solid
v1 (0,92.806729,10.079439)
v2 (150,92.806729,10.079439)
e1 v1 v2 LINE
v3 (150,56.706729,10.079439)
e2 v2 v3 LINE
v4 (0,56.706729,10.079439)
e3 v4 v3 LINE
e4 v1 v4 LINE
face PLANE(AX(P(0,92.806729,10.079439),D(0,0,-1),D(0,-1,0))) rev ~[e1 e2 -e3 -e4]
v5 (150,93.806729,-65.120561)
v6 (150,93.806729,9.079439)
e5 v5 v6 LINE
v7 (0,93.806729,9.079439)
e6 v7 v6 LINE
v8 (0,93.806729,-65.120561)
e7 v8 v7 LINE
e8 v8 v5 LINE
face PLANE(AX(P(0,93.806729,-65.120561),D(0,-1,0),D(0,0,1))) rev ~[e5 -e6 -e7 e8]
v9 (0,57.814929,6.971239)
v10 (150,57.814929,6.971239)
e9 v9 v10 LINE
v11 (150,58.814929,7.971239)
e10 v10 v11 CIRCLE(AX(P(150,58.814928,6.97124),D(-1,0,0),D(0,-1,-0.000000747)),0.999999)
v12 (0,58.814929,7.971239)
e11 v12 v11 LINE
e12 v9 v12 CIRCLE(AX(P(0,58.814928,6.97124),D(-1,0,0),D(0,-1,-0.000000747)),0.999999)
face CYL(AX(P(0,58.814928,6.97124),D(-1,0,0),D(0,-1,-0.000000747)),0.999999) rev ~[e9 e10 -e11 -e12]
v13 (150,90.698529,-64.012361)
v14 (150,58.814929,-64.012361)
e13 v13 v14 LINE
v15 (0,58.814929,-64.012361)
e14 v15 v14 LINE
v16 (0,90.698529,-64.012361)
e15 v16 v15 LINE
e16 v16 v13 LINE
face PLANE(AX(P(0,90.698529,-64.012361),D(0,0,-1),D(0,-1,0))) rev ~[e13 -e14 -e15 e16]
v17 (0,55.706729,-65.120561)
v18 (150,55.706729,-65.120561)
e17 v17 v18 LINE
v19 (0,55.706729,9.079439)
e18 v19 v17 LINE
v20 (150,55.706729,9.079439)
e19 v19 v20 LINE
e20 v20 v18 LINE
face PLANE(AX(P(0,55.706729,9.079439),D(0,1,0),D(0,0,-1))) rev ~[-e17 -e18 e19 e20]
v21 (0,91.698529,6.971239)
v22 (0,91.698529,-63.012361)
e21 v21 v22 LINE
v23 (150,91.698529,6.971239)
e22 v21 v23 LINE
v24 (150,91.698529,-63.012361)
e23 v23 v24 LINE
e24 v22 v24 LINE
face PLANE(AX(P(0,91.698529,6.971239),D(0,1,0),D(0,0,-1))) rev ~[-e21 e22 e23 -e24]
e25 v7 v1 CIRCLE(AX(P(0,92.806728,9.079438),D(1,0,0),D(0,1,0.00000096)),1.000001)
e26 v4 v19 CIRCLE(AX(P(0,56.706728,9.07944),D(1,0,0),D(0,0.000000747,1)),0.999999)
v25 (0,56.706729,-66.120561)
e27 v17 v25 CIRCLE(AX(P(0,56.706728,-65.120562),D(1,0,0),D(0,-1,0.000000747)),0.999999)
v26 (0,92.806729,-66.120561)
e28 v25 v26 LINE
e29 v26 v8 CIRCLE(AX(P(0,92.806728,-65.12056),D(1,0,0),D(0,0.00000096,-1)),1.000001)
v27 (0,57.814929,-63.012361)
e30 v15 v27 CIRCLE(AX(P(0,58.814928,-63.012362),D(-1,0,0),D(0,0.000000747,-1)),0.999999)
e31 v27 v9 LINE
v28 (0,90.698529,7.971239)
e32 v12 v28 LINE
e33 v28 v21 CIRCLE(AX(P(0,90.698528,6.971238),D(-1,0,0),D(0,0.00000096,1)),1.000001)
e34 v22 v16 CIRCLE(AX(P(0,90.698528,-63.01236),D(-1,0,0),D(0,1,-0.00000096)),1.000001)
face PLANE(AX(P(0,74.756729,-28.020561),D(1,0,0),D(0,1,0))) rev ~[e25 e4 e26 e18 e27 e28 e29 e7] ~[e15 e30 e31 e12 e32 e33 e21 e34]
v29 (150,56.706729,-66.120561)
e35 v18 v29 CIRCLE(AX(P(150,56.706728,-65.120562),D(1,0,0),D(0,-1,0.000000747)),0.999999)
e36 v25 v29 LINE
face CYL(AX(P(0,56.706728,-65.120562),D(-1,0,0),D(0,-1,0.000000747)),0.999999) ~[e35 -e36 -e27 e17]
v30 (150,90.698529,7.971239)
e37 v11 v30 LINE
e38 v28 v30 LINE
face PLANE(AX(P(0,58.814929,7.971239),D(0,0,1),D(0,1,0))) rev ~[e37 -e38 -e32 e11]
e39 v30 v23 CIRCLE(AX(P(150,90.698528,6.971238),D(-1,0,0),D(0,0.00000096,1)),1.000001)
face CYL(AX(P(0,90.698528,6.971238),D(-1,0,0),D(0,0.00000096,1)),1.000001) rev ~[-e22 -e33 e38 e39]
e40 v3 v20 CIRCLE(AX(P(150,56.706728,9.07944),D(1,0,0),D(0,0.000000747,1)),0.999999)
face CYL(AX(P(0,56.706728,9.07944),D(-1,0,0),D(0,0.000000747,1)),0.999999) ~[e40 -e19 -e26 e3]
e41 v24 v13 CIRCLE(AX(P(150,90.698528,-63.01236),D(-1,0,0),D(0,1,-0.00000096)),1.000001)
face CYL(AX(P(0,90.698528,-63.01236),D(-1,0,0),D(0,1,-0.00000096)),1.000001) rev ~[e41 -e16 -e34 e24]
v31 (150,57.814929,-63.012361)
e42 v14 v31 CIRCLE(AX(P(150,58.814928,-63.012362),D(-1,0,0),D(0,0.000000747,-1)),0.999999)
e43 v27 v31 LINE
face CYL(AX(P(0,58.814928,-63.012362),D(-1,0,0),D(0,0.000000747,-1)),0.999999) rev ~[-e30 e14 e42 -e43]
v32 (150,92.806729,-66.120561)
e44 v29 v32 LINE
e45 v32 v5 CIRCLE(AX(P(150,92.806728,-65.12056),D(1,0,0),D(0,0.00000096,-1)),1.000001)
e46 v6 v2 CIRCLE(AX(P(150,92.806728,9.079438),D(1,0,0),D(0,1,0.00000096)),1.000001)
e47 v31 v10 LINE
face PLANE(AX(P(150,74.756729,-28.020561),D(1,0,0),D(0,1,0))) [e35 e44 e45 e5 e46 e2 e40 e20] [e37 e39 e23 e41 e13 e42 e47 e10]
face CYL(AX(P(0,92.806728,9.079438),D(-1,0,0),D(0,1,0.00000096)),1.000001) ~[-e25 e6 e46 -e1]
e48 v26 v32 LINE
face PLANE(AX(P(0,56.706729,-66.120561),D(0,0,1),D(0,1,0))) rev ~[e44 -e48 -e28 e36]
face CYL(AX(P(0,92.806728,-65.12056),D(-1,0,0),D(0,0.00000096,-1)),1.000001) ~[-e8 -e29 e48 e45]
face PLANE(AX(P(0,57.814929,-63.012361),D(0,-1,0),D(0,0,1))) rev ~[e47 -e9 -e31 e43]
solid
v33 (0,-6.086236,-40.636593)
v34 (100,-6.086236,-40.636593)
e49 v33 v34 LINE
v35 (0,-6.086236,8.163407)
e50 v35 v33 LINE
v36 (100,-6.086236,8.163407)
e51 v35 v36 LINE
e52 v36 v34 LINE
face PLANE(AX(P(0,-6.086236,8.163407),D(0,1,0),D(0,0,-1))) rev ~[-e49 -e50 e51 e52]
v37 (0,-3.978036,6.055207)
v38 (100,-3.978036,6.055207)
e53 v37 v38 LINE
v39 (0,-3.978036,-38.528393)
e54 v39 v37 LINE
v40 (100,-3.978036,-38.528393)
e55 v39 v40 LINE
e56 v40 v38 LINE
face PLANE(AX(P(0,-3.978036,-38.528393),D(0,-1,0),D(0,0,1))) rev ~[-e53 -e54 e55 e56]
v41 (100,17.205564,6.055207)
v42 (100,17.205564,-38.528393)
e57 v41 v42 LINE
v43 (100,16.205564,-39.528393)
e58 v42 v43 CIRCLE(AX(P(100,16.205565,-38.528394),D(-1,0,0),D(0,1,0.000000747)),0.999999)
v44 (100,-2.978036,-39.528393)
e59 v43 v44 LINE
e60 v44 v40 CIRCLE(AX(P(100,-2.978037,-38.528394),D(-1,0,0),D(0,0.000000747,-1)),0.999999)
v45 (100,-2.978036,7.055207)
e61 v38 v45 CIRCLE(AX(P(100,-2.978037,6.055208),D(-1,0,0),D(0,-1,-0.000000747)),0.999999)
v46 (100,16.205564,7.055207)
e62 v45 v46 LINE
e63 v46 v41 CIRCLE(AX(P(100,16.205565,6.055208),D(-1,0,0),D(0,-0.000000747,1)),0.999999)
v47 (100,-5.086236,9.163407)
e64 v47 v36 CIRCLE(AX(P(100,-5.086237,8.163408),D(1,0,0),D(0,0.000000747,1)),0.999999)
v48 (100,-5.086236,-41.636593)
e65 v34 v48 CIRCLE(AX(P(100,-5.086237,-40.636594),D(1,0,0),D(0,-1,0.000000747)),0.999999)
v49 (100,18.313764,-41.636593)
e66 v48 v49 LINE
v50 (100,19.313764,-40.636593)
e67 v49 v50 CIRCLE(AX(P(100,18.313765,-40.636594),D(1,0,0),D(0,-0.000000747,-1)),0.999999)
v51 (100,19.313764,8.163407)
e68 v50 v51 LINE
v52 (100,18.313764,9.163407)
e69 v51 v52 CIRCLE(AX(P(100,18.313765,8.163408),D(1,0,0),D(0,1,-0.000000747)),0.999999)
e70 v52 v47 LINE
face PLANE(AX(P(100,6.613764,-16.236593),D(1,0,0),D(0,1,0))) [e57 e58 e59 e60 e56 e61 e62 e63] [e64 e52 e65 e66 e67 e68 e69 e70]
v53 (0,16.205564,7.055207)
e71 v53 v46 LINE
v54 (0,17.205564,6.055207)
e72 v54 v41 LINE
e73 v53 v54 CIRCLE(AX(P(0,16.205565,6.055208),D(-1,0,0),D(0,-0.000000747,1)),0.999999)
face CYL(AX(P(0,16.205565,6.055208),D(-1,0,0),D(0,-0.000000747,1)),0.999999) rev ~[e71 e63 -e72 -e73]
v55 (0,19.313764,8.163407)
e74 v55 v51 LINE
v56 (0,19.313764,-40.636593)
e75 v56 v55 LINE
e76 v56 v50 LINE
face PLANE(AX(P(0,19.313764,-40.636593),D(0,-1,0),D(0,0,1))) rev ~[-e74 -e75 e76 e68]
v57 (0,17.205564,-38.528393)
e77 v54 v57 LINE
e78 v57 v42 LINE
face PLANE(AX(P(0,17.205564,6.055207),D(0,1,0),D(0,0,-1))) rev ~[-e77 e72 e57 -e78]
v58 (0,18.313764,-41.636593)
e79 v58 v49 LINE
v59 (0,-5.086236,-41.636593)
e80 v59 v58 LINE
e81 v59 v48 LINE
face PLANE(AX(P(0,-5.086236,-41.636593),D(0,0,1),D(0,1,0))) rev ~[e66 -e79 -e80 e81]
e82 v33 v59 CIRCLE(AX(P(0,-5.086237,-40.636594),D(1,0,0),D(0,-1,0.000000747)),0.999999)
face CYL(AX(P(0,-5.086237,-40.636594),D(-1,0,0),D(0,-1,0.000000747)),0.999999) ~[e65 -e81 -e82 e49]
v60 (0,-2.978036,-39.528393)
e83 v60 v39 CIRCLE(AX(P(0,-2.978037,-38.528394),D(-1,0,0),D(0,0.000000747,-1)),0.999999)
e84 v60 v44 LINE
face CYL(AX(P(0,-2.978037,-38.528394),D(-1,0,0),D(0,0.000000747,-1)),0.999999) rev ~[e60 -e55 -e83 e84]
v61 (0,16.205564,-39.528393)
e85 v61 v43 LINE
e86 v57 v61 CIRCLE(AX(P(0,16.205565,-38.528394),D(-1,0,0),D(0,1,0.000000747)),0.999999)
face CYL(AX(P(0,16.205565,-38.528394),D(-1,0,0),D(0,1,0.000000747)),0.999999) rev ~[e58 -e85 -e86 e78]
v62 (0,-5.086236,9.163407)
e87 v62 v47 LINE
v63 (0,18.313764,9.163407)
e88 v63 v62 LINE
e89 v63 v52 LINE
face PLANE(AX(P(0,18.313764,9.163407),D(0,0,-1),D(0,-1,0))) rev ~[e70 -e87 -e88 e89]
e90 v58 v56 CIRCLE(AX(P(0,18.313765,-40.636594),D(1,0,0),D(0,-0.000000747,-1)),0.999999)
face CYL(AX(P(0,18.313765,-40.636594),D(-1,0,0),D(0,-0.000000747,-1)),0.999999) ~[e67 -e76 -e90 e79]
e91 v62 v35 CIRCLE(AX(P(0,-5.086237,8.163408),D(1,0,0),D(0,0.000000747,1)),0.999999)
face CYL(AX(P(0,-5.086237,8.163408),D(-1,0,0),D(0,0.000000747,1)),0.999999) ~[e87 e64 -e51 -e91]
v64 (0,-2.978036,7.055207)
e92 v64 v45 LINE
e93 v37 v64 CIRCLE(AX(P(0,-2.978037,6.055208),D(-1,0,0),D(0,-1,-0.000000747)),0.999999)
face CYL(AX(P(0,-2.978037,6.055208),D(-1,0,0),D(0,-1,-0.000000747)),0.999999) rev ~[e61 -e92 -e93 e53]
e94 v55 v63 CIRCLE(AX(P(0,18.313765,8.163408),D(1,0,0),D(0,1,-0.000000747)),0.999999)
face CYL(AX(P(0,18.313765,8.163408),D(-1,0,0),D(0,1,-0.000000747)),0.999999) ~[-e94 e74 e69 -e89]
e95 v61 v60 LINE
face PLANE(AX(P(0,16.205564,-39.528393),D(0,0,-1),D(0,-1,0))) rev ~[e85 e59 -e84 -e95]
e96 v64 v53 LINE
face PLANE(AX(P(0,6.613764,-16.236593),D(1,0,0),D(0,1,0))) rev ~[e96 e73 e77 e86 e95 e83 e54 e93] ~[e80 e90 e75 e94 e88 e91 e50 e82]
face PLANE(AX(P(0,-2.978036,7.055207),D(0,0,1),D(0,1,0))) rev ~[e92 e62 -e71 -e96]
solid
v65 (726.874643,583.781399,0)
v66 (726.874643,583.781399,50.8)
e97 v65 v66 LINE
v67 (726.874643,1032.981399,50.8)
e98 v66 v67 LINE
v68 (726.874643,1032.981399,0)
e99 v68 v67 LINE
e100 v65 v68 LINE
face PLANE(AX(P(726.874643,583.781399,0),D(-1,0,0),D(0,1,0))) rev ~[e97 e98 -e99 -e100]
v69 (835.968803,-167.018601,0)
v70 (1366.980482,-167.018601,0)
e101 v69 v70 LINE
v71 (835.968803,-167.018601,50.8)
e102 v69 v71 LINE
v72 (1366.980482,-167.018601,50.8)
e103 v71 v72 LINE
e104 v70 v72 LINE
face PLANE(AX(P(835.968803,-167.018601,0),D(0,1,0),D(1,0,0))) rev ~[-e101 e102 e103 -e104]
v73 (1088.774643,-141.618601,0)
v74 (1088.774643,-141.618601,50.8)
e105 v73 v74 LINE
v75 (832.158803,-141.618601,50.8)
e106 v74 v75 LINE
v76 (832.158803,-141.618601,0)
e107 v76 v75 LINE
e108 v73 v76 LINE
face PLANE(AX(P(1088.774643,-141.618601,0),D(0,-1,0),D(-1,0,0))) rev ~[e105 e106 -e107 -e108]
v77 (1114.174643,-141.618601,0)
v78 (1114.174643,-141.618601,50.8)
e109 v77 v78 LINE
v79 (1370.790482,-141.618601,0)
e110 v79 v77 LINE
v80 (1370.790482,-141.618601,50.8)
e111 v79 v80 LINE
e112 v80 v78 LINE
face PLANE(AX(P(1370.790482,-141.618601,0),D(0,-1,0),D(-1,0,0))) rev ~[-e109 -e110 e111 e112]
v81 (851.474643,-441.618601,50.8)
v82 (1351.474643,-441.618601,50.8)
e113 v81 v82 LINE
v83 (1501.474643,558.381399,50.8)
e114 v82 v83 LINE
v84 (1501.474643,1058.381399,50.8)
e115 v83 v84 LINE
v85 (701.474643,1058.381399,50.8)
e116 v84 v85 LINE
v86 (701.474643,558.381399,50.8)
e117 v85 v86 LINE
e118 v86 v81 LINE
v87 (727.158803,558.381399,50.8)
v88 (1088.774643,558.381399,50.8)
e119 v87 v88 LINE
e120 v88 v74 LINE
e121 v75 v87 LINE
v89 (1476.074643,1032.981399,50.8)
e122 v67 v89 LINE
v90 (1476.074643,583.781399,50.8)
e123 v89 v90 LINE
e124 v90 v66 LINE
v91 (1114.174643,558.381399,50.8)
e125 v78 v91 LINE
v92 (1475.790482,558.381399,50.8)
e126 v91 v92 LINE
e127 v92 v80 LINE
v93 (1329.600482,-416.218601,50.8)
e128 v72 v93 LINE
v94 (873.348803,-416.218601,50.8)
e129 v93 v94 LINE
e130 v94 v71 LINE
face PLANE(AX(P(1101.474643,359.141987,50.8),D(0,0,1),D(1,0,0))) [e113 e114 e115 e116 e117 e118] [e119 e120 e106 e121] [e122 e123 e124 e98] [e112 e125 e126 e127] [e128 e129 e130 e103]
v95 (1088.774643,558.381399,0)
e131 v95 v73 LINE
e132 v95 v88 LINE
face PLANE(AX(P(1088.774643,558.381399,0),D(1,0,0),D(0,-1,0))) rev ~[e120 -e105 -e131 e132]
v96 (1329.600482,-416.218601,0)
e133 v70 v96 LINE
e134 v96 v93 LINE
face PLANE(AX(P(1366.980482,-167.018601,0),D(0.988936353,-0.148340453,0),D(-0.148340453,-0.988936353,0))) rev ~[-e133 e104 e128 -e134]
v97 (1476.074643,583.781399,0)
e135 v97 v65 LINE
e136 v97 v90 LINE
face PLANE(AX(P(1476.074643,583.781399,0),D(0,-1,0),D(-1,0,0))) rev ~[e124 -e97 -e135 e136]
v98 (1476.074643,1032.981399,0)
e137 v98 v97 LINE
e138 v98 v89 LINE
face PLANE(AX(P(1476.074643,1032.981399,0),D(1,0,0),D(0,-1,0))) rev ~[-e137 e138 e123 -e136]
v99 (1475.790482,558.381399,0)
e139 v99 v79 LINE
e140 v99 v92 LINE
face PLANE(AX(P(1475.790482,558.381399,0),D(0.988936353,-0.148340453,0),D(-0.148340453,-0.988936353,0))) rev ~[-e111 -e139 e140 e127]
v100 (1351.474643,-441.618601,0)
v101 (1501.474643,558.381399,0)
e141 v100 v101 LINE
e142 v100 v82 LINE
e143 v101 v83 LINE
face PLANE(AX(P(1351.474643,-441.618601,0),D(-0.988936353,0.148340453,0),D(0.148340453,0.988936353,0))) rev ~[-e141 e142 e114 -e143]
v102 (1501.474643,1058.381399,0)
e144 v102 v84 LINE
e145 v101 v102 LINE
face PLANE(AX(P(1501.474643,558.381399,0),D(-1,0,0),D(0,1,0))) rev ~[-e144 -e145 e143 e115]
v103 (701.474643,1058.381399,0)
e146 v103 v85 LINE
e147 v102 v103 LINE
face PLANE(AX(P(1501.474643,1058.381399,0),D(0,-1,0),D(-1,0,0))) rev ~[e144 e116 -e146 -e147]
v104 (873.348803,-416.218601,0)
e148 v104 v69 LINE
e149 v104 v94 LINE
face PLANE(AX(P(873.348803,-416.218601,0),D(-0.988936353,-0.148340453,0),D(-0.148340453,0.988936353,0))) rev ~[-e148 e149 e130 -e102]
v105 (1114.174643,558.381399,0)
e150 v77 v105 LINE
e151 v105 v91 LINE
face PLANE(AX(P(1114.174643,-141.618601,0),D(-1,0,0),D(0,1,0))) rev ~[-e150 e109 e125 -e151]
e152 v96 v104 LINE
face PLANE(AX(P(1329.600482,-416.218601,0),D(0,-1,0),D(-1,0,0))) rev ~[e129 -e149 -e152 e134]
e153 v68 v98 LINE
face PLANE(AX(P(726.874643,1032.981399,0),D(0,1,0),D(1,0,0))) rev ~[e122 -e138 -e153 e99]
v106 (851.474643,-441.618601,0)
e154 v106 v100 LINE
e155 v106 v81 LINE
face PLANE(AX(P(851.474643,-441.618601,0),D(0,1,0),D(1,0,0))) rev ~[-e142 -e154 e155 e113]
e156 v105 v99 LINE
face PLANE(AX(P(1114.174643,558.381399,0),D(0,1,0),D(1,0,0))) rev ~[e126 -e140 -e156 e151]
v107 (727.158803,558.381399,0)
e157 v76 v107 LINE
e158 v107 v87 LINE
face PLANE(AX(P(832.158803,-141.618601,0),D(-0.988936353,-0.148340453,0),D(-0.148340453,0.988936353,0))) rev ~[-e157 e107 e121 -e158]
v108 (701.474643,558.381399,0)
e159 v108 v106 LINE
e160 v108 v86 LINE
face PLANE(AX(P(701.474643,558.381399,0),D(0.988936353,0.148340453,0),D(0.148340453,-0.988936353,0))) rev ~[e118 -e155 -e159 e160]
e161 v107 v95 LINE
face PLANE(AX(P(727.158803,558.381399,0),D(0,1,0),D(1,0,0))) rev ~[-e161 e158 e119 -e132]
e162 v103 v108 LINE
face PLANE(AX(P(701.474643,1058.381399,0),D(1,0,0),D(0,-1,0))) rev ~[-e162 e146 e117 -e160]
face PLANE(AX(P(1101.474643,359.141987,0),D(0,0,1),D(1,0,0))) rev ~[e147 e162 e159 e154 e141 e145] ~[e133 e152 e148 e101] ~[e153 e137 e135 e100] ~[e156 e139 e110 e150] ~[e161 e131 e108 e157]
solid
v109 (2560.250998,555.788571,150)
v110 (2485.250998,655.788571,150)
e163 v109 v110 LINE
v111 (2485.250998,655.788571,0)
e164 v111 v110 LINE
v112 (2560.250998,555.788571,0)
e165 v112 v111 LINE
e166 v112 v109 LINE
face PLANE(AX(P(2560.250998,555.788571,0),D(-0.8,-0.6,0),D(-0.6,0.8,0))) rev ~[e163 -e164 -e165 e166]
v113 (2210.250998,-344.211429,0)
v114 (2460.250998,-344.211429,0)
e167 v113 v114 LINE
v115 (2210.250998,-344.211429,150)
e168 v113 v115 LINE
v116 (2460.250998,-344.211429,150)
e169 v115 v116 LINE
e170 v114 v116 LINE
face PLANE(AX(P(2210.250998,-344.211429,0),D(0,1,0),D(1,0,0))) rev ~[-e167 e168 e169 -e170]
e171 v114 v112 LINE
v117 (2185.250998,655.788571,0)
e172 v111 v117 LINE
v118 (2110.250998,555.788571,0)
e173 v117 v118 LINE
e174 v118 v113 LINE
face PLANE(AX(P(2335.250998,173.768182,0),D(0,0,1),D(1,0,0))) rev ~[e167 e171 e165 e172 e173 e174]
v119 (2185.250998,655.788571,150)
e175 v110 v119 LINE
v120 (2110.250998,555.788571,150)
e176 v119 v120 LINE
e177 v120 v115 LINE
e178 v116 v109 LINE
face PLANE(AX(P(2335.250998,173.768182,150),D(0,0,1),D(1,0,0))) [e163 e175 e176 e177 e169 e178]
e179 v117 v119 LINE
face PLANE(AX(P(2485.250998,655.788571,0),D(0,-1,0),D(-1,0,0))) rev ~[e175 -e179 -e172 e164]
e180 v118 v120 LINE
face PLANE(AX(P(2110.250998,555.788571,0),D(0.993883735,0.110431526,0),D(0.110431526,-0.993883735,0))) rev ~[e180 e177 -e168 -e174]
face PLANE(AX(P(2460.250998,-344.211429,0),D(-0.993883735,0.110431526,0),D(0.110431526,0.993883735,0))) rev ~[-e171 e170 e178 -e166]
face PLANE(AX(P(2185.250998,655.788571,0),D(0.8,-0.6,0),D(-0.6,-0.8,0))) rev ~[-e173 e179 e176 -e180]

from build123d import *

# Parameters (mm, degrees)
F1_DEPTH = 100
F2_DEPTH = 150
F5_DEPTH = 150
F6_DEPTH = 50.8


with BuildPart() as f1:
    # F0 (on Right) → F1 (new body)
    with BuildSketch(Plane.YZ):
        with BuildLine():
            Line((18.313764, 9.163407), (-5.086236, 9.163407))
            ThreePointArc((-5.086236, 9.163407), (-5.793343, 8.870514), (-6.086236, 8.163407))
            Line((-6.086236, 8.163407), (-6.086236, -40.636593))
            ThreePointArc((-6.086236, -40.636593), (-5.793343, -41.3437), (-5.086236, -41.636593))
            Line((-5.086236, -41.636593), (18.313764, -41.636593))
            ThreePointArc((18.313764, -41.636593), (19.020871, -41.3437), (19.313764, -40.636593))
            Line((19.313764, -40.636593), (19.313764, 8.163407))
            ThreePointArc((19.313764, 8.163407), (19.020871, 8.870514), (18.313764, 9.163407))
        make_face()
        with BuildLine():
            ThreePointArc((-3.978036, 6.055207), (-3.685143, 6.762314), (-2.978036, 7.055207))
            Line((-2.978036, 7.055207), (16.205564, 7.055207))
            ThreePointArc((16.205564, 7.055207), (16.912671, 6.762314), (17.205564, 6.055207))
            Line((17.205564, 6.055207), (17.205564, -38.528393))
            ThreePointArc((17.205564, -38.528393), (16.912671, -39.2355), (16.205564, -39.528393))
            Line((16.205564, -39.528393), (-2.978036, -39.528393))
            ThreePointArc((-2.978036, -39.528393), (-3.685143, -39.2355), (-3.978036, -38.528393))
            Line((-3.978036, -38.528393), (-3.978036, 6.055207))
        make_face(mode=Mode.SUBTRACT)
    extrude(amount=F1_DEPTH)


with BuildPart() as f2:
    # F0 (on Right) → F2 (new body)
    with BuildSketch(Plane.YZ):
        with BuildLine():
            Line((92.806729, 10.079439), (56.706729, 10.079439))
            ThreePointArc((56.706729, 10.079439), (55.999622, 9.786546), (55.706729, 9.079439))
            Line((55.706729, 9.079439), (55.706729, -65.120561))
            ThreePointArc((55.706729, -65.120561), (55.999622, -65.827668), (56.706729, -66.120561))
            Line((56.706729, -66.120561), (92.806729, -66.120561))
            ThreePointArc((92.806729, -66.120561), (93.513835, -65.827668), (93.806729, -65.120561))
            Line((93.806729, -65.120561), (93.806729, 9.079439))
            ThreePointArc((93.806729, 9.079439), (93.513835, 9.786546), (92.806729, 10.079439))
        make_face()
        with BuildLine():
            Line((57.814929, -63.012361), (57.814929, 6.971239))
            ThreePointArc((57.814929, 6.971239), (58.107822, 7.678346), (58.814929, 7.971239))
            Line((58.814929, 7.971239), (90.698529, 7.971239))
            ThreePointArc((90.698529, 7.971239), (91.405635, 7.678346), (91.698529, 6.971239))
            Line((91.698529, 6.971239), (91.698529, -63.012361))
            ThreePointArc((91.698529, -63.012361), (91.405635, -63.719468), (90.698529, -64.012361))
            Line((90.698529, -64.012361), (58.814929, -64.012361))
            ThreePointArc((58.814929, -64.012361), (58.107822, -63.719468), (57.814929, -63.012361))
        make_face(mode=Mode.SUBTRACT)
    extrude(amount=F2_DEPTH)


with BuildPart() as f5:
    # F4 (on Top) → F5 (new body)
    with BuildSketch(Plane.XY):
        Polygon((2210.250998, -344.211429), (2335.250998, -344.211429), (2460.250998, -344.211429), (2560.250998, 555.788571), (2485.250998, 655.788571), (2335.250998, 655.788571), (2185.250998, 655.788571), (2110.250998, 555.788571), align=None)
    extrude(amount=F5_DEPTH)


with BuildPart() as f6:
    # F3 (on Top) → F6 (new body)
    with BuildSketch(Plane.XY):
        Polygon((1501.474643, 1058.381399), (701.474643, 1058.381399), (701.474643, 558.381399), (851.474643, -441.618601), (1101.474643, -441.618601), (1351.474643, -441.618601), (1501.474643, 558.381399), align=None)
        Polygon((1101.474643, -416.218601), (873.348803, -416.218601), (835.968803, -167.018601), (1101.474643, -167.018601), (1366.980482, -167.018601), (1329.600482, -416.218601), align=None, mode=Mode.SUBTRACT)
        Polygon((727.158803, 558.381399), (1088.774643, 558.381399), (1088.774643, -141.618601), (832.158803, -141.618601), align=None, mode=Mode.SUBTRACT)
        Polygon((1114.174643, -141.618601), (1114.174643, 558.381399), (1475.790482, 558.381399), (1370.790482, -141.618601), align=None, mode=Mode.SUBTRACT)
        Polygon((726.874643, 583.781399), (726.874643, 1032.981399), (1476.074643, 1032.981399), (1476.074643, 583.781399), (1101.474643, 583.781399), align=None, mode=Mode.SUBTRACT)
    extrude(amount=F6_DEPTH)


solid = Compound([f1.part, f2.part, f5.part, f6.part])
